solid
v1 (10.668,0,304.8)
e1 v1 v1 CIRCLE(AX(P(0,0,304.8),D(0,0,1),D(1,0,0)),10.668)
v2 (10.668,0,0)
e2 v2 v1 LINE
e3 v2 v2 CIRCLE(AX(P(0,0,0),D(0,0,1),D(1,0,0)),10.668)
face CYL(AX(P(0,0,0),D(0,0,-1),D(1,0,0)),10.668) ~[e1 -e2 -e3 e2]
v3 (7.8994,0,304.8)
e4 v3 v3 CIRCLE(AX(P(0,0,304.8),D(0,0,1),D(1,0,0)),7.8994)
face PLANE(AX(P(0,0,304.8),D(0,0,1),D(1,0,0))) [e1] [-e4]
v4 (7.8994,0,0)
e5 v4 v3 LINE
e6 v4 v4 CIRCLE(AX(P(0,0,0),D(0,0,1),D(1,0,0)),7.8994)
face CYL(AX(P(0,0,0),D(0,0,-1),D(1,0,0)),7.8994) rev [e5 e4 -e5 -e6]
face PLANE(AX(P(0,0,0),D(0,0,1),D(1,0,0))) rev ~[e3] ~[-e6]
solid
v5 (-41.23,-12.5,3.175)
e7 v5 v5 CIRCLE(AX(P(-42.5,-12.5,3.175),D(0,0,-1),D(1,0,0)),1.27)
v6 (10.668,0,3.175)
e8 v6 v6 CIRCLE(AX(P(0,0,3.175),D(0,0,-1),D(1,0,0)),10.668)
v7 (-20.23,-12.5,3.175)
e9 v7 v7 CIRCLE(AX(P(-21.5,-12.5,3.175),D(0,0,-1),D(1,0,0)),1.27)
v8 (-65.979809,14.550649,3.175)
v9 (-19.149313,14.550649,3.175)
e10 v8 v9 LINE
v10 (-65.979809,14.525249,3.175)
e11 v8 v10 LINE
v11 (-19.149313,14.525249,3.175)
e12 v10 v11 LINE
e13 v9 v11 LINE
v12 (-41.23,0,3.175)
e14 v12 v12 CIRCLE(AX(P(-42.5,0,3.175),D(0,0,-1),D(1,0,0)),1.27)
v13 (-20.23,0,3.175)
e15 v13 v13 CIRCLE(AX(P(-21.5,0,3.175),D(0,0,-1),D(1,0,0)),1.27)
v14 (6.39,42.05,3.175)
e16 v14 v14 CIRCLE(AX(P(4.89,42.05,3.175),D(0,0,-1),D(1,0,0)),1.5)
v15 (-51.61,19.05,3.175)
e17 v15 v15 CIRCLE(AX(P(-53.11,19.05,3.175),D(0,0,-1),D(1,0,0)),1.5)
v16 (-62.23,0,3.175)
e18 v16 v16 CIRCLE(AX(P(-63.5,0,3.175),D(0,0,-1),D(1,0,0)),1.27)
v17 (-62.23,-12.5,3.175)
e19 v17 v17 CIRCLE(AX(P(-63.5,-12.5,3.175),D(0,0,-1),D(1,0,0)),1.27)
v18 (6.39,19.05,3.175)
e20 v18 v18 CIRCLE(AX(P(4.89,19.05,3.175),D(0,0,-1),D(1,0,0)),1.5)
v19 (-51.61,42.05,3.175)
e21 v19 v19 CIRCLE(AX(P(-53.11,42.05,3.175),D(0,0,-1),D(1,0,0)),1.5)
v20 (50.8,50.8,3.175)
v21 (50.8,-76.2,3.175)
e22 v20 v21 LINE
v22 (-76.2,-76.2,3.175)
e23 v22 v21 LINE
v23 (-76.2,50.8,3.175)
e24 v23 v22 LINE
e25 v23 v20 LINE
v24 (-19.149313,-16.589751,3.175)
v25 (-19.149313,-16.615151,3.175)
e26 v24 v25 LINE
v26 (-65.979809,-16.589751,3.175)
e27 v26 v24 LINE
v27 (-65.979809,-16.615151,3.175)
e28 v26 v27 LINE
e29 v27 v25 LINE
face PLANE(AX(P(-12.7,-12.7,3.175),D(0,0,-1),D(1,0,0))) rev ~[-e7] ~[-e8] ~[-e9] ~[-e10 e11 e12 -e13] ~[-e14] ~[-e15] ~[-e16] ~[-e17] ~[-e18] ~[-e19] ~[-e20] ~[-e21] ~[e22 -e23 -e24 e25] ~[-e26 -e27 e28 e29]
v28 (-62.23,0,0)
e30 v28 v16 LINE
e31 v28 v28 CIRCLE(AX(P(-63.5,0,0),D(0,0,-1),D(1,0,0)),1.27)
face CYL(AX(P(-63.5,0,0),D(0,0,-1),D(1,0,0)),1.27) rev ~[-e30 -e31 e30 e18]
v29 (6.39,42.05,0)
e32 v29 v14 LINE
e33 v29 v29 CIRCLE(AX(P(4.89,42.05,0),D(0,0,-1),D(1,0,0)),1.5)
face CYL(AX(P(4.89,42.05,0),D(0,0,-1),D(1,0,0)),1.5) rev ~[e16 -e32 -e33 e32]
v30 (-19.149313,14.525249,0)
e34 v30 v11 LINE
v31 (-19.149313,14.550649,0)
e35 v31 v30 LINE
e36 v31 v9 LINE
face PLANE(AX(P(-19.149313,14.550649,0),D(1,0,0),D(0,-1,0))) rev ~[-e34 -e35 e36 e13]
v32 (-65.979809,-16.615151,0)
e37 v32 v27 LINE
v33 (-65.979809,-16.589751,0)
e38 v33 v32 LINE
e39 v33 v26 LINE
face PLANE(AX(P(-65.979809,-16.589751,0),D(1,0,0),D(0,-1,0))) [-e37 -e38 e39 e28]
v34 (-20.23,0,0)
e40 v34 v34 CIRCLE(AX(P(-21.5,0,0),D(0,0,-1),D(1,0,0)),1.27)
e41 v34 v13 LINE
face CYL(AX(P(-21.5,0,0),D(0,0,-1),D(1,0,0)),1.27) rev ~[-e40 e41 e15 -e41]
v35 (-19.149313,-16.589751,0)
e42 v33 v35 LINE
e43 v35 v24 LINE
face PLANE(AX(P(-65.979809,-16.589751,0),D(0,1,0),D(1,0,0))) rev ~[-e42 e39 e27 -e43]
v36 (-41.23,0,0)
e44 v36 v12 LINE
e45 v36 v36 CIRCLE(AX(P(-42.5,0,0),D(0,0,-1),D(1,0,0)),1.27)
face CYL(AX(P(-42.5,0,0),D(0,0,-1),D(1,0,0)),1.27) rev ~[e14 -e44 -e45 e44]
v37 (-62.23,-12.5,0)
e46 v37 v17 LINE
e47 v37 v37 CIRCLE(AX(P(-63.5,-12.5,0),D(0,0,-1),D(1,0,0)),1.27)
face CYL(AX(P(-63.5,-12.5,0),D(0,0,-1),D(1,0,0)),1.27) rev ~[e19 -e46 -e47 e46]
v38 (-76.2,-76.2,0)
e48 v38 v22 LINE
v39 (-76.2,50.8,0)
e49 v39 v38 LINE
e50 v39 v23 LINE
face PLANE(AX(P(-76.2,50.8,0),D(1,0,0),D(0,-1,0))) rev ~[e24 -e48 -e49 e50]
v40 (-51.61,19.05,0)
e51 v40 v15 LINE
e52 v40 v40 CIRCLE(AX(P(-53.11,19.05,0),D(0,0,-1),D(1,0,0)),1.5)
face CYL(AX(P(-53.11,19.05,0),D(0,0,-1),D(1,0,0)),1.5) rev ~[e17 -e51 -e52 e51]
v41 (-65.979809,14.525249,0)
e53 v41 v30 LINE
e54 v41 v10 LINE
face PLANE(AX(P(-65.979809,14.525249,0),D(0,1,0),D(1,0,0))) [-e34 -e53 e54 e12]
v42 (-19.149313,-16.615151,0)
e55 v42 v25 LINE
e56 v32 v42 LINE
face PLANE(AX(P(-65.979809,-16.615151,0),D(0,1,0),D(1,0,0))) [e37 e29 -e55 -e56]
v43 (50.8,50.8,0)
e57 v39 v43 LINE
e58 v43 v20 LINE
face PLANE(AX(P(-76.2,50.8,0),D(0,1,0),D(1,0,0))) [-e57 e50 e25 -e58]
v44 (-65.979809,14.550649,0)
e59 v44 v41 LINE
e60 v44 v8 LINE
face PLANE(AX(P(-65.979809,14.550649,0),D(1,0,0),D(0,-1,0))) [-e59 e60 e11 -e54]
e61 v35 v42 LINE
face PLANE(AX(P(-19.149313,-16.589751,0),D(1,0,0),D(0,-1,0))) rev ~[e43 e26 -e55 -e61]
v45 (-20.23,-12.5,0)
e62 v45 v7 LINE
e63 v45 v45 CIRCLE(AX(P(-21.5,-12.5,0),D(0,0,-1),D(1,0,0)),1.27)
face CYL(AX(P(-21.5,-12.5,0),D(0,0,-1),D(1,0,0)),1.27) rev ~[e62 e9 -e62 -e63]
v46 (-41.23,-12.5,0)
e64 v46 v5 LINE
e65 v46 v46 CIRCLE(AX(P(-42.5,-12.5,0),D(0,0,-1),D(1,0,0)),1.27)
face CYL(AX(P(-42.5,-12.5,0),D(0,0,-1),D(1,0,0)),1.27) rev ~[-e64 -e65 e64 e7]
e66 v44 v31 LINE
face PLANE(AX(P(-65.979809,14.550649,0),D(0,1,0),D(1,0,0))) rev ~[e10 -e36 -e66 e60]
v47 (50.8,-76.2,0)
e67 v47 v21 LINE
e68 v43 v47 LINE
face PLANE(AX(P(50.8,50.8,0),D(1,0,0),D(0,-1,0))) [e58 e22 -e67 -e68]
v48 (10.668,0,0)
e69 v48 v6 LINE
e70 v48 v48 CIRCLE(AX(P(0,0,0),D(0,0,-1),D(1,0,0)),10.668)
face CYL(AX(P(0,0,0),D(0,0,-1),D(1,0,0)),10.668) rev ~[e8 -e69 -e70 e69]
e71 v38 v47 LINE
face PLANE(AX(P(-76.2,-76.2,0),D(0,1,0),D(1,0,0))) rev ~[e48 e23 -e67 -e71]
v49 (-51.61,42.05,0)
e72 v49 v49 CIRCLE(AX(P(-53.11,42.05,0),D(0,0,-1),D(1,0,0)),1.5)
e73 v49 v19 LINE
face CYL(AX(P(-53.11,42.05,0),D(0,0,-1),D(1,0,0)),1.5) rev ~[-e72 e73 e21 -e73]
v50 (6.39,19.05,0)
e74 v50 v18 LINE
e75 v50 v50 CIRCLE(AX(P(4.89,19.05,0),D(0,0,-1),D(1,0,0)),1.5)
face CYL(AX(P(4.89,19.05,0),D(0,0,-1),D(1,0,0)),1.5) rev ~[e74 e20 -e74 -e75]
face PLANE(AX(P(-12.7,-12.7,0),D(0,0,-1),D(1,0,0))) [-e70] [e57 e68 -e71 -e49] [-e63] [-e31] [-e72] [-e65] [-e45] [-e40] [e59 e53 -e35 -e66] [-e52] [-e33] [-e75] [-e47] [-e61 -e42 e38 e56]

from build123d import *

# Parameters (mm, degrees)
F0_R     = 10.668
F0_R_2   = 7.8994
F1_DEPTH = 304.8
F2_W     = 127
F2_H     = 127
F2_R     = 10.668
F3_DEPTH = 3.175
F4_R     = 1.27
F4_W     = 46.830496
F4_H     = 0.0254
F5_DEPTH = 3.175
F6_R     = 1.5
F7_DEPTH = 3.175


with BuildPart() as f1:
    # F0 (on Top) → F1 (new body)
    with BuildSketch(Plane.XY):
        Circle(F0_R)
        Circle(F0_R_2, mode=Mode.SUBTRACT)
    extrude(amount=F1_DEPTH)


with BuildPart() as f3:
    # F2 (on face) → F3 (new body)
    with BuildSketch(Plane(origin=(0, 0, 0), x_dir=(1, 0, 0), z_dir=(0, 0, -1))):
        with Locations((-12.7, 12.7)):
            Rectangle(F2_W, F2_H)
        Circle(F2_R, mode=Mode.SUBTRACT)
    extrude(amount=-F3_DEPTH)

    # F4 (on face) → F5 (cut, through all)
    with BuildSketch(Plane(origin=(0, 0, 0), x_dir=(1, 0, 0), z_dir=(0, 0, -1))):
        with Locations((-63.5, 0)):
            Circle(F4_R)
        with Locations((-63.5, 12.5)):
            Circle(F4_R)
        with Locations((-42.5, 0)):
            Circle(F4_R)
        with Locations((-42.5, 12.5)):
            Circle(F4_R)
        with Locations((-21.5, 0)):
            Circle(F4_R)
        with Locations((-21.5, 12.5)):
            Circle(F4_R)
        with Locations((-42.564561, 16.602451)):
            Rectangle(F4_W, F4_H)
        with Locations((-42.564561, -14.537949)):
            Rectangle(F4_W, F4_H)
    extrude(amount=-F5_DEPTH, mode=Mode.SUBTRACT)

    # F6 (on face) → F7 (cut, through all)
    with BuildSketch(Plane(origin=(0, 0, 0), x_dir=(1, 0, 0), z_dir=(0, 0, -1))):
        with Locations((-53.11, -19.05)):
            Circle(F6_R)
        with Locations((-53.11, -42.05)):
            Circle(F6_R)
        with Locations((4.89, -19.05)):
            Circle(F6_R)
        with Locations((4.89, -42.05)):
            Circle(F6_R)
    extrude(amount=-F7_DEPTH, mode=Mode.SUBTRACT)


solid = Compound([f1.part, f3.part])
